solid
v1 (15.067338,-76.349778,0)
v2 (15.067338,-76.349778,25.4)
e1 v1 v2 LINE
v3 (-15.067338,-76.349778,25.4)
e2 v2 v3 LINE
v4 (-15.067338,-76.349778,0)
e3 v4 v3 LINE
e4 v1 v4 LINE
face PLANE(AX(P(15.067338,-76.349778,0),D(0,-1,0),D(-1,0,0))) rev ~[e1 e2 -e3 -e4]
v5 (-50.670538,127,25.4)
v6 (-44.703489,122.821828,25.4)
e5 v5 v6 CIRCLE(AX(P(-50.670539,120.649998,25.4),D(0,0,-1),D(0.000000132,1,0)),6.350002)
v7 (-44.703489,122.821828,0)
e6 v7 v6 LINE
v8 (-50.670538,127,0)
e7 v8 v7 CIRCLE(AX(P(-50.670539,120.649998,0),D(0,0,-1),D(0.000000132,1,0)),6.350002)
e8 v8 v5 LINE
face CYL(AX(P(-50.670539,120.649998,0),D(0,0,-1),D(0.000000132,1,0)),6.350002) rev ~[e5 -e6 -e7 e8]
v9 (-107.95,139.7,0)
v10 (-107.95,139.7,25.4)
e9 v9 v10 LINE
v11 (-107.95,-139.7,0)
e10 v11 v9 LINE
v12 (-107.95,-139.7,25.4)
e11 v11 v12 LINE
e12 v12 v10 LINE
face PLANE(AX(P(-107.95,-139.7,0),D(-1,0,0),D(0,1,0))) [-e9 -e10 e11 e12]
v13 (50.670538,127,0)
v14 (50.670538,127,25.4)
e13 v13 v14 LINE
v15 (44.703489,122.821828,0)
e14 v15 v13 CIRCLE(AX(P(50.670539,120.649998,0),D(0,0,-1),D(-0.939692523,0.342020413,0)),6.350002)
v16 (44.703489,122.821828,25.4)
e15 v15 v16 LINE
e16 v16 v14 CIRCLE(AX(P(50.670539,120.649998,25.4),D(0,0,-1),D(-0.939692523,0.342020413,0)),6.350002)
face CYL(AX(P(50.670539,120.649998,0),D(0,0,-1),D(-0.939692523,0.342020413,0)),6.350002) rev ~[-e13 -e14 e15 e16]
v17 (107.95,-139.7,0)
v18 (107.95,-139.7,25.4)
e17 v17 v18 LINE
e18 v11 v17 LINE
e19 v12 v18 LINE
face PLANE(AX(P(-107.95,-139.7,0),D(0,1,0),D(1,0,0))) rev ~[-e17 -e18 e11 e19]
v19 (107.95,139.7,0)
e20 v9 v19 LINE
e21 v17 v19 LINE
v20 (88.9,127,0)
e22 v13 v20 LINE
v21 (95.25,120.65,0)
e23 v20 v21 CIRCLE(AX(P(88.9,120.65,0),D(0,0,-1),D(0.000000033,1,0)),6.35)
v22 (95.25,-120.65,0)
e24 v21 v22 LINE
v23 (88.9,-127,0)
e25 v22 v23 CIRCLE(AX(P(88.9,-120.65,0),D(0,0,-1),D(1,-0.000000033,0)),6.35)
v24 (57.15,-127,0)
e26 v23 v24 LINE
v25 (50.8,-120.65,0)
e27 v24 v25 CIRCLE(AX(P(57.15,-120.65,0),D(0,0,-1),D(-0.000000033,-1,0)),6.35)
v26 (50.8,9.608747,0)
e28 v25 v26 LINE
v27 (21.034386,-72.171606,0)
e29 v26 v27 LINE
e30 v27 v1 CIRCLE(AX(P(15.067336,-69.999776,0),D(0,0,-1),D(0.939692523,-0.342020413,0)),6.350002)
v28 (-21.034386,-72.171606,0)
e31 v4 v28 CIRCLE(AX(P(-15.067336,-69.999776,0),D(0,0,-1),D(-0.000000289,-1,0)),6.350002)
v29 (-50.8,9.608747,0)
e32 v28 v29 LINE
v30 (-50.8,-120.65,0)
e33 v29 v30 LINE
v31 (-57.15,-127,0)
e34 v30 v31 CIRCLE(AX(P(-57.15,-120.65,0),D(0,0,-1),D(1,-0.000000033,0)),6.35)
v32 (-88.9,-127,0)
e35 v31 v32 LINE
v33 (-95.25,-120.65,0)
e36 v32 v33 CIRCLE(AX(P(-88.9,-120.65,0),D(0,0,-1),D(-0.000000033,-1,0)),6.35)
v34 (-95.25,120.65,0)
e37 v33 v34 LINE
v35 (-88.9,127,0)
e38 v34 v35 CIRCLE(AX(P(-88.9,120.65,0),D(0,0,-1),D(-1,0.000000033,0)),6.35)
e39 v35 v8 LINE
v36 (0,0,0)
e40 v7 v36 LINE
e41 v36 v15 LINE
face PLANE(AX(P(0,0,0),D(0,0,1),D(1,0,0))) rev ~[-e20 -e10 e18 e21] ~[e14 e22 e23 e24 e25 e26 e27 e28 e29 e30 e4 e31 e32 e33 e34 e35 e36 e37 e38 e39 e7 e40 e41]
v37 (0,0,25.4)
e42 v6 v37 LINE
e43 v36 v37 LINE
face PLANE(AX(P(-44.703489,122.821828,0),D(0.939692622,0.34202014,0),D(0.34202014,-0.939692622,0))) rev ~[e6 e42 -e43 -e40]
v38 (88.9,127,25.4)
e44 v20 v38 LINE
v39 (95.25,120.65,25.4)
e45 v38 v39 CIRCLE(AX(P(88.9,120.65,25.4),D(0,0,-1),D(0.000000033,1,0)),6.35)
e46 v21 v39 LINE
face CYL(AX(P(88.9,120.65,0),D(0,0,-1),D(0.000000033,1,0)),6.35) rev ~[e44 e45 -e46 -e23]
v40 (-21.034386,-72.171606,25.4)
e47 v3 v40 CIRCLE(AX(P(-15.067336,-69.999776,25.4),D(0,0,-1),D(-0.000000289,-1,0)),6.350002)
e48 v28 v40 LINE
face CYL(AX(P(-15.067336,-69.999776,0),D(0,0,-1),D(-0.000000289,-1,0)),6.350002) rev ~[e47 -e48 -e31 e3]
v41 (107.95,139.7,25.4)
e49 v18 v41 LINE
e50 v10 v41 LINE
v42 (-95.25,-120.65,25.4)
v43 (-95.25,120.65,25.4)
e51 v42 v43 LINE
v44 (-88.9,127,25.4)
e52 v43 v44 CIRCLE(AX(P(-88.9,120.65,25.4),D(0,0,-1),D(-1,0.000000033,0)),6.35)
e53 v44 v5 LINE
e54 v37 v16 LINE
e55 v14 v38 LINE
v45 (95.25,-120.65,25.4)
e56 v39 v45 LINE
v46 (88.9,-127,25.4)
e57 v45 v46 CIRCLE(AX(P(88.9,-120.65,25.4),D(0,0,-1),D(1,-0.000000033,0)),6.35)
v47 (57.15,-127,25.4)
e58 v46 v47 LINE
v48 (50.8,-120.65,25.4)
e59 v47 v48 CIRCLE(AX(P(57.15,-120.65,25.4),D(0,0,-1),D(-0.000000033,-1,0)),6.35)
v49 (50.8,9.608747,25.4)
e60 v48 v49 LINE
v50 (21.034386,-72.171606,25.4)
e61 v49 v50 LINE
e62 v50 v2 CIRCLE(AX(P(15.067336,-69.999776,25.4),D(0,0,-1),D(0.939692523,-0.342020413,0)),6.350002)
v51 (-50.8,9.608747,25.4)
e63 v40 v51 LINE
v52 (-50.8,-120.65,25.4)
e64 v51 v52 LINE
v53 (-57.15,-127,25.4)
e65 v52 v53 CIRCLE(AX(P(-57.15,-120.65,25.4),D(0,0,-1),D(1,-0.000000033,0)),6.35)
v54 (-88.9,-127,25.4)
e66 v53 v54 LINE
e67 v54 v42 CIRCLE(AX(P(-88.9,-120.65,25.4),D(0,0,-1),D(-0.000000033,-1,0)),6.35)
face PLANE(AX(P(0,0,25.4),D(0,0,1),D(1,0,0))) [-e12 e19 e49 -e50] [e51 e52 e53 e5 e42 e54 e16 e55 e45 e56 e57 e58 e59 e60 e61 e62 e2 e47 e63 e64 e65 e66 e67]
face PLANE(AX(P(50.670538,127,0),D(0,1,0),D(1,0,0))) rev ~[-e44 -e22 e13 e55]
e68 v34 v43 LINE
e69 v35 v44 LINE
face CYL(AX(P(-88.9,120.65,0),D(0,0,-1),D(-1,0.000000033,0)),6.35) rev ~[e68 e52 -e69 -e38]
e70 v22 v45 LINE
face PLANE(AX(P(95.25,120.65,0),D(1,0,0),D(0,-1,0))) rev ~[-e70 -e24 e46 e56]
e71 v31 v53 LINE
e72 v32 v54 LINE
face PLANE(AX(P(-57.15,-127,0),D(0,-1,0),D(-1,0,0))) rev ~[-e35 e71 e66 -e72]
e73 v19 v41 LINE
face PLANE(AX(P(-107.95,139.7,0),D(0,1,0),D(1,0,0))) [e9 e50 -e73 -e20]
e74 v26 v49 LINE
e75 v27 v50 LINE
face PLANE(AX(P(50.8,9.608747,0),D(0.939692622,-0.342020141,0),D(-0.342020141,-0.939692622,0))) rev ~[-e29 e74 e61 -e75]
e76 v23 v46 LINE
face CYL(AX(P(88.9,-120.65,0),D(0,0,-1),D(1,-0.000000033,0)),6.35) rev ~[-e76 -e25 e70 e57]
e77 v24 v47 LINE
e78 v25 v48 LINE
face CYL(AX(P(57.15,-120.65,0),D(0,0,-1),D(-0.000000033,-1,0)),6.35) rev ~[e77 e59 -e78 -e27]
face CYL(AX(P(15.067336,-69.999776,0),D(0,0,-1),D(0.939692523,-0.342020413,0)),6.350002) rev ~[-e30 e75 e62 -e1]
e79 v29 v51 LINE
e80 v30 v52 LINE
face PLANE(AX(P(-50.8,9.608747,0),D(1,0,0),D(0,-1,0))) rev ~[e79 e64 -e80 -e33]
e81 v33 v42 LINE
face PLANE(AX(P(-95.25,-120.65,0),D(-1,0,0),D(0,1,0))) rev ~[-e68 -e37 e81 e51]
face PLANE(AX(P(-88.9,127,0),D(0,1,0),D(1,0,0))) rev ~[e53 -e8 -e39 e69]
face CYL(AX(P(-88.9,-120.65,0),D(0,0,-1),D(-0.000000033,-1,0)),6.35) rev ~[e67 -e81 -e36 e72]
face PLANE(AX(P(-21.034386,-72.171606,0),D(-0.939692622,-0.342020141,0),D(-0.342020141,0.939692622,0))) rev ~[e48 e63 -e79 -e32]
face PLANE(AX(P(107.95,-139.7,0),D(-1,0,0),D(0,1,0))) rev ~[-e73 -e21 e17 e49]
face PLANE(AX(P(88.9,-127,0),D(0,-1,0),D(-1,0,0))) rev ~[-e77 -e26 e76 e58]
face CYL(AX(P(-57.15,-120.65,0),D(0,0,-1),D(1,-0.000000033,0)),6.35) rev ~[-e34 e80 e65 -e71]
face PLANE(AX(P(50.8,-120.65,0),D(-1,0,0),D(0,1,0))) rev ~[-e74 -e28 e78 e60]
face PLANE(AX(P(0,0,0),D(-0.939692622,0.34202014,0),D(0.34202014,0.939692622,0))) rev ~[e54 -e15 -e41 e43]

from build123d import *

# Parameters (mm, degrees)
F0_W     = 215.9
F0_H     = 279.4
F1_DEPTH = 25.4


with BuildPart() as f1:
    # F0 (on Top) → F1 (new body)
    with BuildSketch(Plane.XY):
        Rectangle(F0_W, F0_H)
        with BuildLine():
            Line((-95.25, -120.65), (-95.25, 120.65))
            ThreePointArc((-95.25, 120.65), (-93.390128, 125.140128), (-88.9, 127))
            Line((-88.9, 127), (-50.670538, 127))
            ThreePointArc((-50.670538, 127), (-47.028327, 125.851615), (-44.703489, 122.821828))
            Line((-44.703489, 122.821828), (0, 0))
            Line((0, 0), (44.703489, 122.821828))
            ThreePointArc((44.703489, 122.821828), (47.028327, 125.851615), (50.670538, 127))
            Line((50.670538, 127), (88.9, 127))
            ThreePointArc((88.9, 127), (93.390128, 125.140128), (95.25, 120.65))
            Line((95.25, 120.65), (95.25, -120.65))
            ThreePointArc((95.25, -120.65), (93.390128, -125.140128), (88.9, -127))
            Line((88.9, -127), (57.15, -127))
            ThreePointArc((57.15, -127), (52.659872, -125.140128), (50.8, -120.65))
            Line((50.8, -120.65), (50.8, 9.608747))
            Line((50.8, 9.608747), (21.034386, -72.171606))
            ThreePointArc((21.034386, -72.171606), (18.709548, -75.201393), (15.067338, -76.349778))
            Line((15.067338, -76.349778), (0, -76.349778))
            Line((0, -76.349778), (-15.067338, -76.349778))
            ThreePointArc((-15.067338, -76.349778), (-18.709548, -75.201393), (-21.034386, -72.171606))
            Line((-21.034386, -72.171606), (-50.8, 9.608747))
            Line((-50.8, 9.608747), (-50.8, -120.65))
            ThreePointArc((-50.8, -120.65), (-52.659872, -125.140128), (-57.15, -127))
            Line((-57.15, -127), (-88.9, -127))
            ThreePointArc((-88.9, -127), (-93.390128, -125.140128), (-95.25, -120.65))
        make_face(mode=Mode.SUBTRACT)
    extrude(amount=F1_DEPTH)


solid = f1.part
